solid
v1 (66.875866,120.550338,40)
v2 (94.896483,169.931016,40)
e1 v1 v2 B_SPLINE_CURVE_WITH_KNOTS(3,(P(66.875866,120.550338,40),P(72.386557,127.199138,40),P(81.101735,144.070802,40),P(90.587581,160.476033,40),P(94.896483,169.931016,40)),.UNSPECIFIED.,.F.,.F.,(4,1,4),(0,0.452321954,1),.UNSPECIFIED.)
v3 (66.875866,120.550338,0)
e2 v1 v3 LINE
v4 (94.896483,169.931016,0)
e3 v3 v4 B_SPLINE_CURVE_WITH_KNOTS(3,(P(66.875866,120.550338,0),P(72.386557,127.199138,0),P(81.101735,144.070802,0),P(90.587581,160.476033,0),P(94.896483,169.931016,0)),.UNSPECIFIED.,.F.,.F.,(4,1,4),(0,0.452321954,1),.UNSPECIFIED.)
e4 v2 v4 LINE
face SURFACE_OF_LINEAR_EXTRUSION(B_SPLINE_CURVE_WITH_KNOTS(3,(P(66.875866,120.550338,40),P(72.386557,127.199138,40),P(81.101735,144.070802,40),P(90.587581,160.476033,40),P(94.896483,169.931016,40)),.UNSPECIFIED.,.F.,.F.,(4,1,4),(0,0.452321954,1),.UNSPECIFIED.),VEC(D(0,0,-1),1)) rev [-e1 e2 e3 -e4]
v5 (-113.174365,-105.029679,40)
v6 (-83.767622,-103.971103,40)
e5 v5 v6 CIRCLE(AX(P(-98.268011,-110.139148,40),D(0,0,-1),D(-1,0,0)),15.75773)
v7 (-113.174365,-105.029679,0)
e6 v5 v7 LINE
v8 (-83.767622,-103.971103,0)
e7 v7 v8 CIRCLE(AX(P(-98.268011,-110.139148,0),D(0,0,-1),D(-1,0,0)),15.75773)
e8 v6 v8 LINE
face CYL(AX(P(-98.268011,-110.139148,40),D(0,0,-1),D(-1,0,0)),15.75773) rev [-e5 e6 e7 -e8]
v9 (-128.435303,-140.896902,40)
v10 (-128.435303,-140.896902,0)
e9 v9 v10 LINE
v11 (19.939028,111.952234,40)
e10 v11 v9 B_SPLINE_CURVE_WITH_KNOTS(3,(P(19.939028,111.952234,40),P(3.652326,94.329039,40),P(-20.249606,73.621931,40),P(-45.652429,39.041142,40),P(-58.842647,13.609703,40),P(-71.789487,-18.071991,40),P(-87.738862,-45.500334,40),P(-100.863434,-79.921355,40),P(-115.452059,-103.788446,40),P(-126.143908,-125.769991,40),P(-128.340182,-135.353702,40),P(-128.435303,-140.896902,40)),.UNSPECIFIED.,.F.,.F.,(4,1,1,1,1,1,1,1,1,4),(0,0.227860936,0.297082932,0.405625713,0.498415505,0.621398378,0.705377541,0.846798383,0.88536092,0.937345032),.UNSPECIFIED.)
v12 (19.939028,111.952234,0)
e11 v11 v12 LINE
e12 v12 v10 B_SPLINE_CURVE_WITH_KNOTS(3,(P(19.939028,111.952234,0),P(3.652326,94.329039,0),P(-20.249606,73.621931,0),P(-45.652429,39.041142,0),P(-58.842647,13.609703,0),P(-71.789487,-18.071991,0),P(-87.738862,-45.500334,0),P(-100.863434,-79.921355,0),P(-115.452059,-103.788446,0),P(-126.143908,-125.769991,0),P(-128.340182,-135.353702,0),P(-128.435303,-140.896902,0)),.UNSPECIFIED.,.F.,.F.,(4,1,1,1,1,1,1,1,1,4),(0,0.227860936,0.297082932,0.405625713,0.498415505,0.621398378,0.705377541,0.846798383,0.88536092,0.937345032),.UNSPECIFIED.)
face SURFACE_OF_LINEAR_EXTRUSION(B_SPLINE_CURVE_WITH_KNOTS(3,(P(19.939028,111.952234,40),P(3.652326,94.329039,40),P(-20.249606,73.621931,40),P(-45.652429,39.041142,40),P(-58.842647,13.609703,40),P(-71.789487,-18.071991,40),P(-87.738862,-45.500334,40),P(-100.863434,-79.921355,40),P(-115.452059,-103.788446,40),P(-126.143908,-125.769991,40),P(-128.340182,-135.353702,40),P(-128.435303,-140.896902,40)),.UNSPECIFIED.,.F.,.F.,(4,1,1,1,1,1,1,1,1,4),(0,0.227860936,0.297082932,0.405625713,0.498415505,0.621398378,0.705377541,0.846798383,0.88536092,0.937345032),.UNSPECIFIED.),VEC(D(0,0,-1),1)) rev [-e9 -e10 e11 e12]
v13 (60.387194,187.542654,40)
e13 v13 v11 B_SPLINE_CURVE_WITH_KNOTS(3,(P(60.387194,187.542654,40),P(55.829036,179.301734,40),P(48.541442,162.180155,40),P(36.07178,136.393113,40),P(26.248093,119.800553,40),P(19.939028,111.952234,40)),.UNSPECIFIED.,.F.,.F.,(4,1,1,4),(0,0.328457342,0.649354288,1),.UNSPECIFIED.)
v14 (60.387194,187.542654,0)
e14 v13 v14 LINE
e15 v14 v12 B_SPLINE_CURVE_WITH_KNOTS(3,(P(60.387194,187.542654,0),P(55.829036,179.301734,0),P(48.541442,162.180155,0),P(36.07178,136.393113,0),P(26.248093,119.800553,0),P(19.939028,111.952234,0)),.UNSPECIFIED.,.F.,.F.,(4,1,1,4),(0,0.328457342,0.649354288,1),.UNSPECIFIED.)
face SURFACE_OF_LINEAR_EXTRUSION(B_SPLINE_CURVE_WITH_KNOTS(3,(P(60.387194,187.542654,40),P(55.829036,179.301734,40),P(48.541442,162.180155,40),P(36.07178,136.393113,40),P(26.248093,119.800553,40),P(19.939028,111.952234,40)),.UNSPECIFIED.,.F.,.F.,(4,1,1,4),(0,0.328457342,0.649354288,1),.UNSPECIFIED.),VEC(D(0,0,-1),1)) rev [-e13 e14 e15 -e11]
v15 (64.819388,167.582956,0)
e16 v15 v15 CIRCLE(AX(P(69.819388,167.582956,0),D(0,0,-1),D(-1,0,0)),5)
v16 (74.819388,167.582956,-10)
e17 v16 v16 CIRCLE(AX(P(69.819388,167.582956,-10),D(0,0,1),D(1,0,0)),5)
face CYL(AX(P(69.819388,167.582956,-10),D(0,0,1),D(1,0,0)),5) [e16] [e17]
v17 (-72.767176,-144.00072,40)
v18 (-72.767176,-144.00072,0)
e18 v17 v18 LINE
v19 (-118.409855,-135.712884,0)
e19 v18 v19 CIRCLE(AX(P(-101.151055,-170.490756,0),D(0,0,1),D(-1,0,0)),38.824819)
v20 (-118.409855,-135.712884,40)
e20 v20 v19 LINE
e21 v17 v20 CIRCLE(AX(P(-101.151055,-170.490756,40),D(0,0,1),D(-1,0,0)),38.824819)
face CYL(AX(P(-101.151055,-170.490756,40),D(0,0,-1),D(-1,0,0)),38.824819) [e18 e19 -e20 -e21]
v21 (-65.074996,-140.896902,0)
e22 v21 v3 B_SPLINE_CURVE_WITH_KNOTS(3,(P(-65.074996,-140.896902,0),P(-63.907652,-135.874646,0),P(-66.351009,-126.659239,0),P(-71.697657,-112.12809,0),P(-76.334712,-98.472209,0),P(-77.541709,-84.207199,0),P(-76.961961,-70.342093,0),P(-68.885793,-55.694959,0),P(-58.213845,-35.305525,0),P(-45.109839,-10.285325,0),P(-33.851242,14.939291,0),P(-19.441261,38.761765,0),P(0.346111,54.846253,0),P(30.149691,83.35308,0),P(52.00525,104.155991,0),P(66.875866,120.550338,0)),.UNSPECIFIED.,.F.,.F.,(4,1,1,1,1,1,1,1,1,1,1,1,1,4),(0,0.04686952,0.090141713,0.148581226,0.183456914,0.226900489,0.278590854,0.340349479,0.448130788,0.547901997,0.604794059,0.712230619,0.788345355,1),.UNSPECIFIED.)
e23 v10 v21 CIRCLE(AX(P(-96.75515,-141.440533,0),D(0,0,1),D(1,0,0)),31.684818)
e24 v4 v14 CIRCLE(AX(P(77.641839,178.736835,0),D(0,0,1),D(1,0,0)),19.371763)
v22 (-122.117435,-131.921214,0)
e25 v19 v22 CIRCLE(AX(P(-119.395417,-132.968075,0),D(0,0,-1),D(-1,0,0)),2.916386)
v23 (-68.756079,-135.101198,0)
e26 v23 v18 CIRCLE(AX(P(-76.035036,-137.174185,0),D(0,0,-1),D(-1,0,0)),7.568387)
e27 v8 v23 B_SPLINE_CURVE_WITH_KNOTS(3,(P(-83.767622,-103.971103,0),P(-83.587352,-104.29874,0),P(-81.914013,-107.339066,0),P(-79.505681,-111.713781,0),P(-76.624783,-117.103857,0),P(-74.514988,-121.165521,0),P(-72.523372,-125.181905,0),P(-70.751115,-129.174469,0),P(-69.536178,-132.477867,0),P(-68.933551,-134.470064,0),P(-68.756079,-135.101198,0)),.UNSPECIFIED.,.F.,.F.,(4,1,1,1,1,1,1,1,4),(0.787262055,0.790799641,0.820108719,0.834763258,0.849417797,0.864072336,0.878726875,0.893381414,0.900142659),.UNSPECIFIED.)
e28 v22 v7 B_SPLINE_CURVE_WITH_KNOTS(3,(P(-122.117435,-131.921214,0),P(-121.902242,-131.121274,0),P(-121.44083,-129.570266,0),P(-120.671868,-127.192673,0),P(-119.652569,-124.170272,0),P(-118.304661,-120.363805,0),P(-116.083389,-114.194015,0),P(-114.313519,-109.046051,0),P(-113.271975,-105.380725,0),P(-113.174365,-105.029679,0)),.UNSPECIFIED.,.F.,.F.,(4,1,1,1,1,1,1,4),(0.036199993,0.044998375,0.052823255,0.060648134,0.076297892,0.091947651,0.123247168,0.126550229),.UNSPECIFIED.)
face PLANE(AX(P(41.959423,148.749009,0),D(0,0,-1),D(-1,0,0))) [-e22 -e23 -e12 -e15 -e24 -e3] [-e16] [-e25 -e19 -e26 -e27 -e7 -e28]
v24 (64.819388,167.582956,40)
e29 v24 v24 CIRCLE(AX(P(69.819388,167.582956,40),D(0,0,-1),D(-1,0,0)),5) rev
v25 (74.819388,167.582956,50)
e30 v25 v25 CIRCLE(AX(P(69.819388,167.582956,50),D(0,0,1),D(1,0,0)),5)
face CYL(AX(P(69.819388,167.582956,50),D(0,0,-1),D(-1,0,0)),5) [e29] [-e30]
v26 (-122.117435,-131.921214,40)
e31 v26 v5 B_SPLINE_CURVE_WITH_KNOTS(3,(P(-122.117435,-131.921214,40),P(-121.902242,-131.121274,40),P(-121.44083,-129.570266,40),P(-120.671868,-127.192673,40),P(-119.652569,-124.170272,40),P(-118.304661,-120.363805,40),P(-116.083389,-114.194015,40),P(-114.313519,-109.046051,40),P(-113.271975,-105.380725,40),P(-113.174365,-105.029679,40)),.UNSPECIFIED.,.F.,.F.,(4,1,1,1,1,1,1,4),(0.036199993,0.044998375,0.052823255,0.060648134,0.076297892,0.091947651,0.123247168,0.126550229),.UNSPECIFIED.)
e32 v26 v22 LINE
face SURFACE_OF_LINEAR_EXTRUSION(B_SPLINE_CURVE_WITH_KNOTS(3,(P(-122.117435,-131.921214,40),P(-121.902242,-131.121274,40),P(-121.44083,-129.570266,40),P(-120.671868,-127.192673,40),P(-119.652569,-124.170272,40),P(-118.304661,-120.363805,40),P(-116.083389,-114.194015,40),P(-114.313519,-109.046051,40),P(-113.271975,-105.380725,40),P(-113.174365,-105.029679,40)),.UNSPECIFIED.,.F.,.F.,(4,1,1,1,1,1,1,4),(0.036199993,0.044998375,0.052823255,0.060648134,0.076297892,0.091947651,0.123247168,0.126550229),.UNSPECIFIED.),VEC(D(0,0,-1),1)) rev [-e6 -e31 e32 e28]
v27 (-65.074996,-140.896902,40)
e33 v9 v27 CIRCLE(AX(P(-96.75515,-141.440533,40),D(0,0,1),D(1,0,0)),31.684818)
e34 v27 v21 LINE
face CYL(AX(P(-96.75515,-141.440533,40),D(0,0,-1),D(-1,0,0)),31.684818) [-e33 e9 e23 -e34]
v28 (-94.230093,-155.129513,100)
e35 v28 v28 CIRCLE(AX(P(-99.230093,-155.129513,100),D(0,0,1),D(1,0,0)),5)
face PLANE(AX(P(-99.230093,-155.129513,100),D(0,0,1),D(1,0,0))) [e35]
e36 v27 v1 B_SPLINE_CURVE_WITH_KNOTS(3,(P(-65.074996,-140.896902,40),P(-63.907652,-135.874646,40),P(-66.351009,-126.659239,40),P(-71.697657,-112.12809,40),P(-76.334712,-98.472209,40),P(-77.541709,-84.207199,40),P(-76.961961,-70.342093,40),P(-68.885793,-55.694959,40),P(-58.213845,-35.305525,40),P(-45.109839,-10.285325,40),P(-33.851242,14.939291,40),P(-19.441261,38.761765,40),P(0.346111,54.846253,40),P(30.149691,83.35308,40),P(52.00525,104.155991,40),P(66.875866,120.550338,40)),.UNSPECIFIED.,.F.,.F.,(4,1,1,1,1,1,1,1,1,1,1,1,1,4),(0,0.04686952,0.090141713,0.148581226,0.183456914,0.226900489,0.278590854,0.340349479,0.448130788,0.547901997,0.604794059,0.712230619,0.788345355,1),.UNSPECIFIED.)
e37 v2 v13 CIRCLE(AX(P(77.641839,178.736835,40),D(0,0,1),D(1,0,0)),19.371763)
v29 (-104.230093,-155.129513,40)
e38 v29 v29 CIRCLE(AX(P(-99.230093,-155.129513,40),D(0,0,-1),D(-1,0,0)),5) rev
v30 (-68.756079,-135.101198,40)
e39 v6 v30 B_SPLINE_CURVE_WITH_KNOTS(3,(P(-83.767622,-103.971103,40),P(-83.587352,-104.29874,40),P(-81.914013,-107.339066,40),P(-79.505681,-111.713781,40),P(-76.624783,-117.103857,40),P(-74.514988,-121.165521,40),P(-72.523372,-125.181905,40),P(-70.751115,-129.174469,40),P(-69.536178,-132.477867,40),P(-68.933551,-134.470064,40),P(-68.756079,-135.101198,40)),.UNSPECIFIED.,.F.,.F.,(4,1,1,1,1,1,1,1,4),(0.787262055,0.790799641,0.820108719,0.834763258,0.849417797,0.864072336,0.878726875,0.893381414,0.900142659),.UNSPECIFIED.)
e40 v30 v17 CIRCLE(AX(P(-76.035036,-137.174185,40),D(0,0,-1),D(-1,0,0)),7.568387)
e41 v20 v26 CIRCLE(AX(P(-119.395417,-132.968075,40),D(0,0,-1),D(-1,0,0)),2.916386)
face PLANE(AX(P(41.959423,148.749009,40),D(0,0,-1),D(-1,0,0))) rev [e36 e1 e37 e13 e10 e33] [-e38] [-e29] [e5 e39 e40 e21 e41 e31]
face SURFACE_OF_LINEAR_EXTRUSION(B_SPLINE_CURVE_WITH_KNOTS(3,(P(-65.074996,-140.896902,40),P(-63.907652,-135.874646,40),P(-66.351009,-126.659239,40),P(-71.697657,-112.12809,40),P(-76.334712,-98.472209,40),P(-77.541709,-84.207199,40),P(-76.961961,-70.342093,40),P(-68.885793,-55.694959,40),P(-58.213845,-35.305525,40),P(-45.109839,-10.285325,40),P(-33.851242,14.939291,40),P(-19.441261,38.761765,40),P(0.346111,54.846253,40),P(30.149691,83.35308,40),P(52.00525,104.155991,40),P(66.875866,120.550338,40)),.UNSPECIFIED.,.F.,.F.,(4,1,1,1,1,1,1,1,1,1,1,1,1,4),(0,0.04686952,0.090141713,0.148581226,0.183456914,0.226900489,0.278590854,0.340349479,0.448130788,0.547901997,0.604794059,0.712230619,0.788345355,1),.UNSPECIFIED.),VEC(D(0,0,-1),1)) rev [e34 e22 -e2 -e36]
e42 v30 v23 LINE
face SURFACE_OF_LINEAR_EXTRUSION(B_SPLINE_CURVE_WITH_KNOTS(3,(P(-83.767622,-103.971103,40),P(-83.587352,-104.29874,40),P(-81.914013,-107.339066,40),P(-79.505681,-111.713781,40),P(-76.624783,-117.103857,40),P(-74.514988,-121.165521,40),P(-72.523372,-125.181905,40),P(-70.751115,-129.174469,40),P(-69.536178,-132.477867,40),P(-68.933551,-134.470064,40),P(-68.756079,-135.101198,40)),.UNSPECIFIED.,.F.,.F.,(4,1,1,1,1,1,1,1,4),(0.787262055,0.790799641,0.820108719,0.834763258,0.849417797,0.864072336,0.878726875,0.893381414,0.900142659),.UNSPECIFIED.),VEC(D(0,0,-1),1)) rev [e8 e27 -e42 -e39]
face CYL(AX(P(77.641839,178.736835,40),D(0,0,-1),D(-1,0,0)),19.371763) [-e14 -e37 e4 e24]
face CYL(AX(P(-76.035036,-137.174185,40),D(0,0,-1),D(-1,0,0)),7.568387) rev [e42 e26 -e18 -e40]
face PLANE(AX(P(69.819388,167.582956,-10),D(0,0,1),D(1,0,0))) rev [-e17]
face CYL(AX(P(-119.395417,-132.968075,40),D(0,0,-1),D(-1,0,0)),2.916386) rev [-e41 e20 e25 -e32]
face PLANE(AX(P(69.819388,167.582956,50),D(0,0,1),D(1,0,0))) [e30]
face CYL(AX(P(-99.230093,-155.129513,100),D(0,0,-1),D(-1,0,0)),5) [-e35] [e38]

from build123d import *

# Parameters (mm, degrees)
BOSS_EXTRUDE1_DEPTH = 40
SKETCH3_R           = 5
BOSS_EXTRUDE3_DEPTH = 10
CUT_EXTRUDE1_DEPTH  = 40
BOSS_EXTRUDE6_START = -50
SKETCH3_2_R         = 5
BOSS_EXTRUDE6_DEPTH = 50
SKETCH4_R           = 5
BOSS_EXTRUDE7_DEPTH = 60


with BuildPart() as part:
    # Sketch1 → Boss-Extrude1 (new body)
    with BuildSketch(Plane.XY):
        with BuildLine():
            ThreePointArc((-128.435303347, -140.896902453), (-96.755149526, -173.125351057), (-65.074995705, -140.896902453))
            add(Edge.make_bspline(
                [(-65.074995705, -140.896902453), (-63.907652097, -135.87464552), (-66.35100912, -126.659238679), (-71.697657005, -112.128089654), (-76.334712316, -98.472209398), (-77.541709446, -84.207198732), (-76.961960819, -70.342092539), (-68.88579276, -55.69495944), (-58.213845257, -35.305524849), (-45.109839414, -10.285325139), (-33.851241856, 14.939291119), (-19.441261208, 38.761764832), (0.34611134, 54.846253057), (30.149690797, 83.353080433), (52.005250373, 104.155990976), (66.875865875, 120.550338304)],
                knots=[0, 0, 0, 0, 0.04686952, 0.090141713, 0.148581226, 0.183456914, 0.226900489, 0.278590854, 0.340349479, 0.448130788, 0.547901997, 0.604794059, 0.712230619, 0.788345355, 1, 1, 1, 1], degree=3))
            add(Edge.make_bspline(
                [(66.875865875, 120.550338304), (72.386556563, 127.19913785), (81.101735437, 144.070801532), (90.587580648, 160.476032838), (94.896483447, 169.931016127)],
                knots=[0, 0, 0, 0, 0.452321954, 1, 1, 1, 1], degree=3))
            ThreePointArc((94.896483447, 169.931016127), (86.447657386, 195.991479609), (60.387193905, 187.542653548))
            add(Edge.make_bspline(
                [(19.939027909, 111.952234191), (26.24809298, 119.800552758), (36.071780336, 136.393112866), (48.541442057, 162.180154607), (55.829036332, 179.301734236), (60.387193905, 187.542653548)],
                knots=[0, 0, 0, 0, 0.350645712, 0.671542658, 1, 1, 1, 1], degree=3))
            add(Edge.make_bspline(
                [(19.939027909, 111.952234191), (3.65232557, 94.329038748), (-20.249605672, 73.621931367), (-45.652429062, 39.041142074), (-58.842646897, 13.609703306), (-71.789487323, -18.071990564), (-87.738861669, -45.500334261), (-100.863433523, -79.921354986), (-115.452059141, -103.788445803), (-126.143907942, -125.769991297), (-128.340182149, -135.353702394), (-128.435303347, -140.896902453)],
                knots=[0, 0, 0, 0, 0.227860936, 0.297082932, 0.405625713, 0.498415505, 0.621398378, 0.705377541, 0.846798383, 0.88536092, 0.937345032, 0.937345032, 0.937345032, 0.937345032], degree=3))
        make_face()
    extrude(amount=BOSS_EXTRUDE1_DEPTH)

    # Sketch3 → Boss-Extrude3 (add)
    with BuildSketch(Plane.XY.offset(40)):
        with Locations((69.819387709, 167.582956348)):
            Circle(SKETCH3_R)
    extrude(amount=BOSS_EXTRUDE3_DEPTH)

    # Sketch2 → Cut-Extrude1 (cut)
    with BuildSketch(Plane(origin=(0, 0, 0), x_dir=(-1, 0, 0), z_dir=(0, 0, -1))):
        with BuildLine():
            ThreePointArc((68.756079477, -135.101198343), (69.135093574, -140.284053245), (72.767176325, -144.000719965))
            ThreePointArc((72.767176325, -144.000719965), (94.214636305, -132.290590151), (118.40985459, -135.71288353))
            ThreePointArc((118.40985459, -135.71288353), (121.480604985, -135.007019726), (122.117435387, -131.921213715))
            add(Edge.make_bspline(
                [(122.117435387, -131.921213715), (121.902241698, -131.121274345), (121.440830196, -129.570265663), (120.671868024, -127.192672605), (119.652569307, -124.170271778), (118.304661288, -120.363805326), (116.083389287, -114.1940152), (114.313518517, -109.046051235), (113.271974893, -105.380725172), (113.174364562, -105.029678695)],
                knots=[0.036199993, 0.036199993, 0.036199993, 0.036199993, 0.044998375, 0.052823255, 0.060648134, 0.076297892, 0.091947651, 0.123247168, 0.126550229, 0.126550229, 0.126550229, 0.126550229], degree=3))
            ThreePointArc((113.174364562, -105.029678695), (98.834885933, -94.391617828), (83.767621929, -103.971103295))
            add(Edge.make_bspline(
                [(83.767621929, -103.971103295), (83.587351822, -104.298739766), (81.914012514, -107.339065994), (79.505680761, -111.713780784), (76.624782808, -117.103856723), (74.514987608, -121.165521306), (72.523371571, -125.181904734), (70.751114993, -129.17446861), (69.536178497, -132.477867128), (68.933551478, -134.470064331), (68.756079477, -135.101198343)],
                knots=[0.787262055, 0.787262055, 0.787262055, 0.787262055, 0.790799641, 0.820108719, 0.834763258, 0.849417797, 0.864072336, 0.878726875, 0.893381414, 0.900142659, 0.900142659, 0.900142659, 0.900142659], degree=3))
        make_face()
    extrude(amount=-CUT_EXTRUDE1_DEPTH, mode=Mode.SUBTRACT)

    # Sketch3<2> → Boss-Extrude6 (add)
    with BuildSketch(Plane.XY.offset(40).offset(BOSS_EXTRUDE6_START)):
        with Locations((69.819387709, 167.582956348)):
            Circle(SKETCH3_2_R)
    extrude(amount=BOSS_EXTRUDE6_DEPTH)

    # Sketch4 → Boss-Extrude7 (add)
    with BuildSketch(Plane.XY.offset(40)):
        with Locations((-99.230093204, -155.129512749)):
            Circle(SKETCH4_R)
    extrude(amount=BOSS_EXTRUDE7_DEPTH)


solid = part.part
